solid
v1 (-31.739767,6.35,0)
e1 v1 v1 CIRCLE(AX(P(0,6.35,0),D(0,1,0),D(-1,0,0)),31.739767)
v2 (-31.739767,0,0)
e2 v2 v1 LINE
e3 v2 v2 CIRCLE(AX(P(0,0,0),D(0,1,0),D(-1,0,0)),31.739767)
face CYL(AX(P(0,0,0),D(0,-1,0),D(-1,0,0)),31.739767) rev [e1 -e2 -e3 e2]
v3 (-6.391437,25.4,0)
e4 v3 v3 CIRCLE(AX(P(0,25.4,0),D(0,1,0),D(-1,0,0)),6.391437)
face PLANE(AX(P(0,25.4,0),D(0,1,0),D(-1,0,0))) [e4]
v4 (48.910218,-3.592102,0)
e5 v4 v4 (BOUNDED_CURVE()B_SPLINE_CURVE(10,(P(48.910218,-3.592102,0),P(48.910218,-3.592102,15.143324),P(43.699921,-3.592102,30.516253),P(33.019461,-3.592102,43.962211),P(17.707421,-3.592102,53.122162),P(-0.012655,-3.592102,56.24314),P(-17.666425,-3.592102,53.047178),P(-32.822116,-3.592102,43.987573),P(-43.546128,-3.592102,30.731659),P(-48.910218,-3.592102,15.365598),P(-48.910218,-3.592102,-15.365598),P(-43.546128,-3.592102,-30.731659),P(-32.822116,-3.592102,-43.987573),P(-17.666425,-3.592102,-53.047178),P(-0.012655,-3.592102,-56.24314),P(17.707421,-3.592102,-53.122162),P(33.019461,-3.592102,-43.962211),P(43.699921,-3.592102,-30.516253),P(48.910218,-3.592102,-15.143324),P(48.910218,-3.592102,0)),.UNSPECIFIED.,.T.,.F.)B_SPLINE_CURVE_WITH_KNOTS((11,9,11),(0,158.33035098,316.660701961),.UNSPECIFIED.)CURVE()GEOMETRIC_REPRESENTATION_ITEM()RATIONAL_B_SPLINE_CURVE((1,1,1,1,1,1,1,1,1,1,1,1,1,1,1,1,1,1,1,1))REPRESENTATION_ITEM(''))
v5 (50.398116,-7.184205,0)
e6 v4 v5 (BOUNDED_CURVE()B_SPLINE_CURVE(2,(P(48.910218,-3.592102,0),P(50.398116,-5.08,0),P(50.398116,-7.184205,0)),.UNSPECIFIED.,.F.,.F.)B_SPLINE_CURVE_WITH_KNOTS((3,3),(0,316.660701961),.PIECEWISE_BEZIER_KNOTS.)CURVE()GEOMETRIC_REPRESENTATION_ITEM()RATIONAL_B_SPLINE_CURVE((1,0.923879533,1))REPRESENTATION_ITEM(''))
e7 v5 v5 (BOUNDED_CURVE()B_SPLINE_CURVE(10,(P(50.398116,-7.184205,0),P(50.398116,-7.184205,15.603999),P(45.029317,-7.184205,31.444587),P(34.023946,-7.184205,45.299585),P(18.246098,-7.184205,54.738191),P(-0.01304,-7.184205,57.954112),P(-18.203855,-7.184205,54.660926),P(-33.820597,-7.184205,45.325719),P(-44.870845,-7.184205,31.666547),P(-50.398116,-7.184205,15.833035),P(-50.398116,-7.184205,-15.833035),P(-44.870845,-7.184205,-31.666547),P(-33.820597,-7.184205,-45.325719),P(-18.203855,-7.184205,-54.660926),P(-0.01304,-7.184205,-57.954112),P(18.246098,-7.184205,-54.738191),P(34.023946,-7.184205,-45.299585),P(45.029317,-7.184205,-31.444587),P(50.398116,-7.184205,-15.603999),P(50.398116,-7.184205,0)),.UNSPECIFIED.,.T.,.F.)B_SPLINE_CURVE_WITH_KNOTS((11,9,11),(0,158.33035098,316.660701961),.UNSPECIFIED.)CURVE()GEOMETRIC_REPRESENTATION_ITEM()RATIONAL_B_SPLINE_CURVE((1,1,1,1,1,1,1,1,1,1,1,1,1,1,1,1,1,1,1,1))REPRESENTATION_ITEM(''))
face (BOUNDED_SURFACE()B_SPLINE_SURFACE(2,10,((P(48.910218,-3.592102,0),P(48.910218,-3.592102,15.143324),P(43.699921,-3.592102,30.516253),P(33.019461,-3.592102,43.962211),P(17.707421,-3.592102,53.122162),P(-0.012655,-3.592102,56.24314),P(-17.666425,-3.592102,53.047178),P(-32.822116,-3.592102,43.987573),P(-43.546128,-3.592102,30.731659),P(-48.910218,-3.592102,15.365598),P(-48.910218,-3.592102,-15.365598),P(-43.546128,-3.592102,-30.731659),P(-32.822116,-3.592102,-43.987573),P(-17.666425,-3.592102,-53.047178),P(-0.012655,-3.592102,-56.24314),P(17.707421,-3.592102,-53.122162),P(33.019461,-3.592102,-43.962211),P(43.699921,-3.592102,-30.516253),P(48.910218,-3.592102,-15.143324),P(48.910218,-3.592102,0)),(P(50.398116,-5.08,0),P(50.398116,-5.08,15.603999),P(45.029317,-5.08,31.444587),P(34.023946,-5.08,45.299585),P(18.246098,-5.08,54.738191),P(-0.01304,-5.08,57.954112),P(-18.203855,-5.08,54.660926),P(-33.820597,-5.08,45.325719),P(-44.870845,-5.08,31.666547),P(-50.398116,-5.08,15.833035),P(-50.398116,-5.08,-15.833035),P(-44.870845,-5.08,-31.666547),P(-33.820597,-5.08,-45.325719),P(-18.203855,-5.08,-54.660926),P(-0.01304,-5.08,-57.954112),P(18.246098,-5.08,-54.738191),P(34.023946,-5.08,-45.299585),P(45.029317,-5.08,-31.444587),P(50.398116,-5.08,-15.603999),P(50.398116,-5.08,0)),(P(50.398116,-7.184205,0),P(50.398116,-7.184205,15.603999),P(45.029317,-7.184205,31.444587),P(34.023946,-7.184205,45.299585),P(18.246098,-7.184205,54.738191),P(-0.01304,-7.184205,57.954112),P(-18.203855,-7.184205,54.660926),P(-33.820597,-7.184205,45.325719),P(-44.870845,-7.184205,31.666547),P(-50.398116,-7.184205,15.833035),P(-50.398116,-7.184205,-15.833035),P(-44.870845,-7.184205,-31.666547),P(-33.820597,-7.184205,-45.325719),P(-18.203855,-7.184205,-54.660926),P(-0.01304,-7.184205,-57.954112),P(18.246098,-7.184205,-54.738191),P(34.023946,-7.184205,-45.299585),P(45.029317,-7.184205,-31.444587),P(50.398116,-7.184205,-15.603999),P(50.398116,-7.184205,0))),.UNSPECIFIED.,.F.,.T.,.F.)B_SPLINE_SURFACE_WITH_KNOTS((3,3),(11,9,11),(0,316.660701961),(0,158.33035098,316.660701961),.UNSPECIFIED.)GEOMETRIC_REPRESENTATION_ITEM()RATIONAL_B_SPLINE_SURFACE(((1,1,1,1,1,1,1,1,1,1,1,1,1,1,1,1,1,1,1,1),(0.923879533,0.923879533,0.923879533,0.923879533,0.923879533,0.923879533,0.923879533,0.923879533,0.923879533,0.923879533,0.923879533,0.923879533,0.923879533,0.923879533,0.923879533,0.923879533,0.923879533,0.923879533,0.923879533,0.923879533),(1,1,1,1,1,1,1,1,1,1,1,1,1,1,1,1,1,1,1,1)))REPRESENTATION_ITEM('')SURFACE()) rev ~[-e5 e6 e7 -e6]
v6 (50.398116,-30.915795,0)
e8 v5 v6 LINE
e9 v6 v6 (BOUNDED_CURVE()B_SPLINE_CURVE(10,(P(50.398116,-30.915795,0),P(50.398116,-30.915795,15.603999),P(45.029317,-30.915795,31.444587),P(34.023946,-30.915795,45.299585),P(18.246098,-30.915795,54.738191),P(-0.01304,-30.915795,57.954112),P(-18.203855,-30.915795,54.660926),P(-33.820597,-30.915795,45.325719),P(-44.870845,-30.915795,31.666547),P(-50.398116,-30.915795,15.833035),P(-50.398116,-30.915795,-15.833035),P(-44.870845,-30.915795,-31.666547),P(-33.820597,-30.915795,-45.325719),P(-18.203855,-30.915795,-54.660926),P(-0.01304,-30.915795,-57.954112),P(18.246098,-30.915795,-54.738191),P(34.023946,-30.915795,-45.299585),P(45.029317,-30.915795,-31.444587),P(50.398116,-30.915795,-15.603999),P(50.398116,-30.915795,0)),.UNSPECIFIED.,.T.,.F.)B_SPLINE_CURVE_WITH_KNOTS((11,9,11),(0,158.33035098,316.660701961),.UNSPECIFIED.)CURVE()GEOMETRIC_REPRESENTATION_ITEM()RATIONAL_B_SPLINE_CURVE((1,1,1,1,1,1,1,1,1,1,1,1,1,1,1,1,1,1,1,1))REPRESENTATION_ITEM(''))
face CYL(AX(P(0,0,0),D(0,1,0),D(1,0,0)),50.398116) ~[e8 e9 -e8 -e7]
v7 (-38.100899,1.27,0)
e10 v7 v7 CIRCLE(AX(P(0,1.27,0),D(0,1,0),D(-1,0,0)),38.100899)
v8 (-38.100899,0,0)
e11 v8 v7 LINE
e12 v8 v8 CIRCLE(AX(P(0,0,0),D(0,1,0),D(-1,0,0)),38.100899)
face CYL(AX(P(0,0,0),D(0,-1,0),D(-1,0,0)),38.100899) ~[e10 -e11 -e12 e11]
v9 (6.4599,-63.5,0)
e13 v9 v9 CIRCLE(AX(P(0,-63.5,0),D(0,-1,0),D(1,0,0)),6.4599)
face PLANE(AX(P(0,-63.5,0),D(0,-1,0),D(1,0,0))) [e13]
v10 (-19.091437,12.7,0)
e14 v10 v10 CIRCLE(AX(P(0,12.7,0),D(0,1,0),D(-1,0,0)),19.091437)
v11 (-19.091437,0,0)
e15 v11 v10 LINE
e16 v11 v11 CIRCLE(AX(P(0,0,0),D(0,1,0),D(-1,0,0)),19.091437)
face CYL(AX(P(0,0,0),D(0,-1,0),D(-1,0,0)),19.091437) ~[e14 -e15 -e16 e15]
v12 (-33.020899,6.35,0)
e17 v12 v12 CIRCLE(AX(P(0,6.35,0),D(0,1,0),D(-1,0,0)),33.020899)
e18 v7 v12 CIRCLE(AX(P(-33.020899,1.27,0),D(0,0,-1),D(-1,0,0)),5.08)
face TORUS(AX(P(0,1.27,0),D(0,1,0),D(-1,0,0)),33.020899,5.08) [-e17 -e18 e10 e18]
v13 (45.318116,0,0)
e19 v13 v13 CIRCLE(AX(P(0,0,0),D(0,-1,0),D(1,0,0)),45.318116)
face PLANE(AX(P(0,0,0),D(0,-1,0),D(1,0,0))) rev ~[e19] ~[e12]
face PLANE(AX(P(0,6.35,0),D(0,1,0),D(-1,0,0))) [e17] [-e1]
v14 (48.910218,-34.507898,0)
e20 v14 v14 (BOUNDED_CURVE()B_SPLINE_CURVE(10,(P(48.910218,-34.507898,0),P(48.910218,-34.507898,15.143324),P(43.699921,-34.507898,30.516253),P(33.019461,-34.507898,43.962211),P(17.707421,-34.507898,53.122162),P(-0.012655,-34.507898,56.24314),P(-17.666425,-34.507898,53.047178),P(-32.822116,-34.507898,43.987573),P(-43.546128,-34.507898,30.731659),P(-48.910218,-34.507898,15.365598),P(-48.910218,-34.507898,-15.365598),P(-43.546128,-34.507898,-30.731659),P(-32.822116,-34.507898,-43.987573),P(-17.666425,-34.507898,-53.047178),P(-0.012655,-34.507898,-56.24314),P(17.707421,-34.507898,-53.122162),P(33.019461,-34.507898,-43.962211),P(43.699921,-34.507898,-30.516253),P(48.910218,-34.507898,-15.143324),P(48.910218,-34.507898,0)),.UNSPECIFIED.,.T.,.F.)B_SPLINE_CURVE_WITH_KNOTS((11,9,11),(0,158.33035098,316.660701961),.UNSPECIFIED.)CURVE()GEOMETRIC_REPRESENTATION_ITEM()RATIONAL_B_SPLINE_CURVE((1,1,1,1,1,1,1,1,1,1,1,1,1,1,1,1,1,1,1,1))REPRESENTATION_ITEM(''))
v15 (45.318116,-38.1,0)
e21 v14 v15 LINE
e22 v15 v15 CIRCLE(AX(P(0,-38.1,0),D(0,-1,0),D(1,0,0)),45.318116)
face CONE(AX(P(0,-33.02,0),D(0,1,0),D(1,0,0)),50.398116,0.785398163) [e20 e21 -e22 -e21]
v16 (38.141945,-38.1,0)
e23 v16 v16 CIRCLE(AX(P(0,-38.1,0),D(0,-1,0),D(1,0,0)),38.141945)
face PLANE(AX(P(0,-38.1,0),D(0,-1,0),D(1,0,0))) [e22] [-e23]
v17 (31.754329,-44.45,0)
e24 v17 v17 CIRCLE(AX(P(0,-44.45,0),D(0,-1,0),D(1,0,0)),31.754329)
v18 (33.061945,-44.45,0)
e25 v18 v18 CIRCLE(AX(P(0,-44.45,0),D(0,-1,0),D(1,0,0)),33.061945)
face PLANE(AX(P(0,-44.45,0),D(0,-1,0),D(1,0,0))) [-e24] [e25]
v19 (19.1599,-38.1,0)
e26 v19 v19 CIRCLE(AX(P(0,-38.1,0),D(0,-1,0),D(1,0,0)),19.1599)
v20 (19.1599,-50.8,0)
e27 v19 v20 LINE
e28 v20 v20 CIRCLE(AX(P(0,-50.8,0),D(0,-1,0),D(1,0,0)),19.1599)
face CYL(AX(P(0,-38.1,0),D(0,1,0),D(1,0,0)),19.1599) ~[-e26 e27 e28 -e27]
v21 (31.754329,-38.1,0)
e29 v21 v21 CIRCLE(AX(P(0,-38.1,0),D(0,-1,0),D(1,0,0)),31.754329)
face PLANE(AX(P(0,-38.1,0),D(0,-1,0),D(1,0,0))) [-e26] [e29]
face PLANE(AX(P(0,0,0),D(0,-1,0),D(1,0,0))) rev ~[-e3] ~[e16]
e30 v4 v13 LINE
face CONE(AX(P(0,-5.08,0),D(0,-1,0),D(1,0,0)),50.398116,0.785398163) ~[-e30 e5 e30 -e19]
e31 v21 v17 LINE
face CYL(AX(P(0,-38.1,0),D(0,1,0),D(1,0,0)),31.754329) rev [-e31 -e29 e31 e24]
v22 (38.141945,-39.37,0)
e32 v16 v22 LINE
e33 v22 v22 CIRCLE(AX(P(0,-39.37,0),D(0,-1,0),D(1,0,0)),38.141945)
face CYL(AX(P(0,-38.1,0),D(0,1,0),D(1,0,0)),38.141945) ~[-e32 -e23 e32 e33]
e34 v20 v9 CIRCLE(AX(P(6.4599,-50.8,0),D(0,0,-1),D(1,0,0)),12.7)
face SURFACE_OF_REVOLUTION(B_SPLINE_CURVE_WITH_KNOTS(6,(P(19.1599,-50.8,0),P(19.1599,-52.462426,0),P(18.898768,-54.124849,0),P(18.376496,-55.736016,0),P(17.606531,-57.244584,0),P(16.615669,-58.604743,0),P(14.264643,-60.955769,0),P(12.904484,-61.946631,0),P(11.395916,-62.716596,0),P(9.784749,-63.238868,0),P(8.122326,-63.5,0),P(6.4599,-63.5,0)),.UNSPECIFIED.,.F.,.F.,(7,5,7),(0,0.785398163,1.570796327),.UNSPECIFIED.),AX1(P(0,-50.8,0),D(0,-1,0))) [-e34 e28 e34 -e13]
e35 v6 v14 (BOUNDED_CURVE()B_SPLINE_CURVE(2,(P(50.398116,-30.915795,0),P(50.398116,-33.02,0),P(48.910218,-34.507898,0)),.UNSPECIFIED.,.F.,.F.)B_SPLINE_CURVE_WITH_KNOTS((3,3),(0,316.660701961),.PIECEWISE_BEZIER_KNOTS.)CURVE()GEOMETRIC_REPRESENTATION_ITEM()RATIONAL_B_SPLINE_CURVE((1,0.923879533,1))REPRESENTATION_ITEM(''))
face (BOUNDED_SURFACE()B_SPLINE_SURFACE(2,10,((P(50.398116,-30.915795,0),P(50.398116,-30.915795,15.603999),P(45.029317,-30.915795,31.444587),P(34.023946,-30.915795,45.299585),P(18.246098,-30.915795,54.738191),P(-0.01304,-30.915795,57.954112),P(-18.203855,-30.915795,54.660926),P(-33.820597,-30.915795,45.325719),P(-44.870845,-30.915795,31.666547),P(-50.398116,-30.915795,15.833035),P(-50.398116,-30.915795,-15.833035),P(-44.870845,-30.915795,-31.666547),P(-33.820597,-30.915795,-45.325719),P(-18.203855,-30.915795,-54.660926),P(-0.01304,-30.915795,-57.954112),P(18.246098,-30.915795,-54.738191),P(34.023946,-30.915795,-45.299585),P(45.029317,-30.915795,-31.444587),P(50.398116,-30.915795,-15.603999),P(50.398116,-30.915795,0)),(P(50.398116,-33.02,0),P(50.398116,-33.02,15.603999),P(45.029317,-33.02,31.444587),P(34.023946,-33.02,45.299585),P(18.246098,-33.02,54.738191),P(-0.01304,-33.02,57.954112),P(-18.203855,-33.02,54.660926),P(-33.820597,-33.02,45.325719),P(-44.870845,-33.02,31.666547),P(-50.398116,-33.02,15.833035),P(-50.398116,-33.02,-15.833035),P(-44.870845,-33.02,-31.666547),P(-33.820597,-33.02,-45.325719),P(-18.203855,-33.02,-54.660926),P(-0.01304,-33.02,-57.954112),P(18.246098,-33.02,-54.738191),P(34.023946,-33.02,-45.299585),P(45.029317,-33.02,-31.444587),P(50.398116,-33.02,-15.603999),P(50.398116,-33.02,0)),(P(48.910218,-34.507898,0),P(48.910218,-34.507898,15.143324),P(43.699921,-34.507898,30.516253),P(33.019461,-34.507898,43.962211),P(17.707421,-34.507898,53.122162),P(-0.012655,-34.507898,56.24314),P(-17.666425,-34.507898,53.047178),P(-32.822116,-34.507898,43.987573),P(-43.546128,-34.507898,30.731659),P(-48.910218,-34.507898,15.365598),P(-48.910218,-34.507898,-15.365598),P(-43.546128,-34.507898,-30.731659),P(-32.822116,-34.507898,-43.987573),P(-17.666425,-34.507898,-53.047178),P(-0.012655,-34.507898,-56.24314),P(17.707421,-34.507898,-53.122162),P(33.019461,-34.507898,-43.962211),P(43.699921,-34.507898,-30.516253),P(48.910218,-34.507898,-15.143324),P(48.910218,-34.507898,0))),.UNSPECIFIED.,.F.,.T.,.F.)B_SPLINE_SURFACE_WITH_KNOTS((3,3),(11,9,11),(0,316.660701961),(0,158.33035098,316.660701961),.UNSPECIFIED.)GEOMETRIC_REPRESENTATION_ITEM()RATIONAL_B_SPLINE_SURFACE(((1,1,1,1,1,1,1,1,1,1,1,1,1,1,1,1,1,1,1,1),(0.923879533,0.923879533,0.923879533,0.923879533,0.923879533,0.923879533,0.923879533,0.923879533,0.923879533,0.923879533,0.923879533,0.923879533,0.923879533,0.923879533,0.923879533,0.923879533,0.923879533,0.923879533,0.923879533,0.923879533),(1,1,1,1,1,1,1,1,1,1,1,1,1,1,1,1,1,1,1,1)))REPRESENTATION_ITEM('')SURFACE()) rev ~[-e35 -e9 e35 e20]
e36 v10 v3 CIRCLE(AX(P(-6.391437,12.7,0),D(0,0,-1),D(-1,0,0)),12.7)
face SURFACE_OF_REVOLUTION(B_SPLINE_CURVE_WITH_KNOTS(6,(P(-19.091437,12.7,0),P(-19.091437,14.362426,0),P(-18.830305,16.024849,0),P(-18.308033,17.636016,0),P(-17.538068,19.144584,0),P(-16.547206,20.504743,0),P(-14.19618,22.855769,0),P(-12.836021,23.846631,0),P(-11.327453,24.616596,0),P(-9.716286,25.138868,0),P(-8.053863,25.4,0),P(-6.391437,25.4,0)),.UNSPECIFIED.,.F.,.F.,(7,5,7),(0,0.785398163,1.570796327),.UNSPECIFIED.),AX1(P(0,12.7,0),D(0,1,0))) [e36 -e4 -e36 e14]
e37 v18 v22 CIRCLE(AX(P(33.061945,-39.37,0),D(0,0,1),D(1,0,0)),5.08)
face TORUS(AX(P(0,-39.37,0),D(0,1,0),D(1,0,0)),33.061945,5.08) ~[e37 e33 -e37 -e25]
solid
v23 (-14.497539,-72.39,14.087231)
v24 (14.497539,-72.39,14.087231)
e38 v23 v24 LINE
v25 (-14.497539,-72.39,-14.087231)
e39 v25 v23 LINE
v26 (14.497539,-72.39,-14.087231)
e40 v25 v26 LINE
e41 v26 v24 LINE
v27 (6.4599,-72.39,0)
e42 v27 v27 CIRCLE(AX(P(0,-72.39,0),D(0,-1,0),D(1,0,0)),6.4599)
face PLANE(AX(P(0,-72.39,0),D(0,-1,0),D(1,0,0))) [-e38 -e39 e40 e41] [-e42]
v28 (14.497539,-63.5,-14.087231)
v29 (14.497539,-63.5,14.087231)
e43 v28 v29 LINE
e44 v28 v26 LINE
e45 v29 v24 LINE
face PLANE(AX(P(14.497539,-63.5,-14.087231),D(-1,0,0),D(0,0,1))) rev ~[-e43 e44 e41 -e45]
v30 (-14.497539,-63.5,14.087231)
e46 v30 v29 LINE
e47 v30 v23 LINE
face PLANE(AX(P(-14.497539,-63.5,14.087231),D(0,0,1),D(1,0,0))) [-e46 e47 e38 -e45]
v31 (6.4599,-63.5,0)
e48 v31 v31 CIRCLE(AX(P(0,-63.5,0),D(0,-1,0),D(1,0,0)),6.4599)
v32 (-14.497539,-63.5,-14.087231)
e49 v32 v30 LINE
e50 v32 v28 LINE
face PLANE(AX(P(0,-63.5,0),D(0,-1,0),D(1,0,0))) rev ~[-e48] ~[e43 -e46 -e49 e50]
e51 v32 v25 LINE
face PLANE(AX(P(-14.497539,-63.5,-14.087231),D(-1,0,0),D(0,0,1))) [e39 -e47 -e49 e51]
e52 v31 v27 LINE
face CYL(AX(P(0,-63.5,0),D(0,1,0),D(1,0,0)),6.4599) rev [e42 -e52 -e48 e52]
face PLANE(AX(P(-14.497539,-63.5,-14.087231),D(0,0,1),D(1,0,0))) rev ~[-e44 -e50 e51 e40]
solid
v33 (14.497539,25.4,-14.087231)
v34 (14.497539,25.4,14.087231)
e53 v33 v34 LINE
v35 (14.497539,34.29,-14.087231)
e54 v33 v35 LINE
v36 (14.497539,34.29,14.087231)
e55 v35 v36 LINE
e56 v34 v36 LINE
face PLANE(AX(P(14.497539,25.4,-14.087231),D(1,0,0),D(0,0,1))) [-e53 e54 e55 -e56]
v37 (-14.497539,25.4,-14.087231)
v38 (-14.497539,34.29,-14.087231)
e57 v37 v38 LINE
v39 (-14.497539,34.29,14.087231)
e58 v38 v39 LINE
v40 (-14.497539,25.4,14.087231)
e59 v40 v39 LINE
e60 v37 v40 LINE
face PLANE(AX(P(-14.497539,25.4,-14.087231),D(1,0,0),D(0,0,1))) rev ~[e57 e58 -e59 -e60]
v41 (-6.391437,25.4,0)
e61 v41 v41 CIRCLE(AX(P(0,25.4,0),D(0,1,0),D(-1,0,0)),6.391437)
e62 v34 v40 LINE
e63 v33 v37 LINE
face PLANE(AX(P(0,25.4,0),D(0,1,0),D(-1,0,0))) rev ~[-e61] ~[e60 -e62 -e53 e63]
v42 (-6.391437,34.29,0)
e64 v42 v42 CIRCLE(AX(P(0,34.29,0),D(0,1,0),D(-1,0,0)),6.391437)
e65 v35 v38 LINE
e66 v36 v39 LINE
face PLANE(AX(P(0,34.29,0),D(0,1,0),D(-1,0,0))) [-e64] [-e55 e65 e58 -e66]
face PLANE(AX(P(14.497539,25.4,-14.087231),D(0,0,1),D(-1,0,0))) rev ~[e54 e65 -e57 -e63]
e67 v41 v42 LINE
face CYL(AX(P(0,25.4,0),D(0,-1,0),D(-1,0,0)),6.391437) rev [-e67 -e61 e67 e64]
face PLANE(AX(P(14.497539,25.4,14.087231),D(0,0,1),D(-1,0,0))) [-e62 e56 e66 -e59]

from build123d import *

# Parameters (mm, degrees)
F0_R      = 50.398116
F1_DEPTH  = 38.1
F2_SIZE   = 5.08
F3_SIZE   = 5.08
F4_R      = 19.1599
F5_DEPTH  = 25.4
F6_R      = 19.091437
F7_DEPTH  = 25.4
F8_R      = 12.7
F9_R      = 12.7
F10_W     = 28.995078
F10_H     = 28.174462
F10_R     = 6.4599
F11_DEPTH = 8.89
F12_W     = 28.995078
F12_H     = 28.174462
F12_R     = 6.391437
F13_DEPTH = 8.89
F14_R     = 38.141945
F14_R_2   = 31.754329
F15_DEPTH = 6.35
F16_R     = 38.100899
F16_R_2   = 31.739767
F17_DEPTH = 6.35
F18_R     = 5.08
F19_R     = 5.08
F20_R     = 5.08


with BuildPart() as f1:
    # F0 (on Front) → F1 (new body)
    with BuildSketch(Plane.XZ):
        Circle(F0_R)
    extrude(amount=F1_DEPTH)

    # F2
    f2_edges = [f1.edges().sort_by_distance(p)[0] for p in [
        (-50.398116, -38.1, 0),
    ]]
    chamfer(f2_edges, length=F2_SIZE)

    # F3
    f3_edges = [f1.edges().sort_by_distance(p)[0] for p in [
        (-50.398116, 0, 0),
    ]]
    chamfer(f3_edges, length=F3_SIZE)

    # F4 (on face) → F5 (join)
    with BuildSketch(Plane.XZ.offset(38.1)):
        Circle(F4_R)
    extrude(amount=F5_DEPTH)

    # F6 (on face) → F7 (join)
    with BuildSketch(Plane(origin=(0, 0, 0), x_dir=(-1, 0, 0), z_dir=(0, 1, 0))):
        Circle(F6_R)
    extrude(amount=F7_DEPTH)

    # F8
    f8_edges = [f1.edges().sort_by_distance(p)[0] for p in [
        (19.091437, 25.4, 0),
    ]]
    fillet(f8_edges, radius=F8_R)

    # F9
    f9_edges = [f1.edges().sort_by_distance(p)[0] for p in [
        (-19.1599, -63.5, 0),
    ]]
    fillet(f9_edges, radius=F9_R)

    # F14 (on face) → F15 (join)
    with BuildSketch(Plane.XZ.offset(38.1)):
        Circle(F14_R)
        Circle(F14_R_2, mode=Mode.SUBTRACT)
    extrude(amount=F15_DEPTH)

    # F16 (on face) → F17 (join)
    with BuildSketch(Plane(origin=(0, 0, 0), x_dir=(-1, 0, 0), z_dir=(0, 1, 0))):
        Circle(F16_R)
        Circle(F16_R_2, mode=Mode.SUBTRACT)
    extrude(amount=F17_DEPTH)

    # F18
    f18_edges = [f1.edges().sort_by_distance(p)[0] for p in [
        (-38.141945, -44.45, 0),
    ]]
    fillet(f18_edges, radius=F18_R)

    # F19
    f19_edges = [f1.edges().sort_by_distance(p)[0] for p in [
        (38.100899, 6.35, 0),
    ]]
    fillet(f19_edges, radius=F19_R)

    # F20
    f20_edges = [f1.edges().sort_by_distance(p)[0] for p in [
        (50.398116, -19.05, 0),
        (-50.398116, -5.08, 0),
        (-50.398116, -33.02, 0),
    ]]
    fillet(f20_edges, radius=F20_R)


with BuildPart() as f11:
    # F10 (on face) → F11 (new body)
    with BuildSketch(Plane.XZ.offset(63.5)):
        Rectangle(F10_W, F10_H)
        Circle(F10_R, mode=Mode.SUBTRACT)
    extrude(amount=F11_DEPTH)


with BuildPart() as f13:
    # F12 (on face) → F13 (new body)
    with BuildSketch(Plane(origin=(0, 25.4, 0), x_dir=(-1, 0, 0), z_dir=(0, 1, 0))):
        Rectangle(F12_W, F12_H)
        Circle(F12_R, mode=Mode.SUBTRACT)
    extrude(amount=F13_DEPTH)


solid = Compound([f1.part, f11.part, f13.part])
